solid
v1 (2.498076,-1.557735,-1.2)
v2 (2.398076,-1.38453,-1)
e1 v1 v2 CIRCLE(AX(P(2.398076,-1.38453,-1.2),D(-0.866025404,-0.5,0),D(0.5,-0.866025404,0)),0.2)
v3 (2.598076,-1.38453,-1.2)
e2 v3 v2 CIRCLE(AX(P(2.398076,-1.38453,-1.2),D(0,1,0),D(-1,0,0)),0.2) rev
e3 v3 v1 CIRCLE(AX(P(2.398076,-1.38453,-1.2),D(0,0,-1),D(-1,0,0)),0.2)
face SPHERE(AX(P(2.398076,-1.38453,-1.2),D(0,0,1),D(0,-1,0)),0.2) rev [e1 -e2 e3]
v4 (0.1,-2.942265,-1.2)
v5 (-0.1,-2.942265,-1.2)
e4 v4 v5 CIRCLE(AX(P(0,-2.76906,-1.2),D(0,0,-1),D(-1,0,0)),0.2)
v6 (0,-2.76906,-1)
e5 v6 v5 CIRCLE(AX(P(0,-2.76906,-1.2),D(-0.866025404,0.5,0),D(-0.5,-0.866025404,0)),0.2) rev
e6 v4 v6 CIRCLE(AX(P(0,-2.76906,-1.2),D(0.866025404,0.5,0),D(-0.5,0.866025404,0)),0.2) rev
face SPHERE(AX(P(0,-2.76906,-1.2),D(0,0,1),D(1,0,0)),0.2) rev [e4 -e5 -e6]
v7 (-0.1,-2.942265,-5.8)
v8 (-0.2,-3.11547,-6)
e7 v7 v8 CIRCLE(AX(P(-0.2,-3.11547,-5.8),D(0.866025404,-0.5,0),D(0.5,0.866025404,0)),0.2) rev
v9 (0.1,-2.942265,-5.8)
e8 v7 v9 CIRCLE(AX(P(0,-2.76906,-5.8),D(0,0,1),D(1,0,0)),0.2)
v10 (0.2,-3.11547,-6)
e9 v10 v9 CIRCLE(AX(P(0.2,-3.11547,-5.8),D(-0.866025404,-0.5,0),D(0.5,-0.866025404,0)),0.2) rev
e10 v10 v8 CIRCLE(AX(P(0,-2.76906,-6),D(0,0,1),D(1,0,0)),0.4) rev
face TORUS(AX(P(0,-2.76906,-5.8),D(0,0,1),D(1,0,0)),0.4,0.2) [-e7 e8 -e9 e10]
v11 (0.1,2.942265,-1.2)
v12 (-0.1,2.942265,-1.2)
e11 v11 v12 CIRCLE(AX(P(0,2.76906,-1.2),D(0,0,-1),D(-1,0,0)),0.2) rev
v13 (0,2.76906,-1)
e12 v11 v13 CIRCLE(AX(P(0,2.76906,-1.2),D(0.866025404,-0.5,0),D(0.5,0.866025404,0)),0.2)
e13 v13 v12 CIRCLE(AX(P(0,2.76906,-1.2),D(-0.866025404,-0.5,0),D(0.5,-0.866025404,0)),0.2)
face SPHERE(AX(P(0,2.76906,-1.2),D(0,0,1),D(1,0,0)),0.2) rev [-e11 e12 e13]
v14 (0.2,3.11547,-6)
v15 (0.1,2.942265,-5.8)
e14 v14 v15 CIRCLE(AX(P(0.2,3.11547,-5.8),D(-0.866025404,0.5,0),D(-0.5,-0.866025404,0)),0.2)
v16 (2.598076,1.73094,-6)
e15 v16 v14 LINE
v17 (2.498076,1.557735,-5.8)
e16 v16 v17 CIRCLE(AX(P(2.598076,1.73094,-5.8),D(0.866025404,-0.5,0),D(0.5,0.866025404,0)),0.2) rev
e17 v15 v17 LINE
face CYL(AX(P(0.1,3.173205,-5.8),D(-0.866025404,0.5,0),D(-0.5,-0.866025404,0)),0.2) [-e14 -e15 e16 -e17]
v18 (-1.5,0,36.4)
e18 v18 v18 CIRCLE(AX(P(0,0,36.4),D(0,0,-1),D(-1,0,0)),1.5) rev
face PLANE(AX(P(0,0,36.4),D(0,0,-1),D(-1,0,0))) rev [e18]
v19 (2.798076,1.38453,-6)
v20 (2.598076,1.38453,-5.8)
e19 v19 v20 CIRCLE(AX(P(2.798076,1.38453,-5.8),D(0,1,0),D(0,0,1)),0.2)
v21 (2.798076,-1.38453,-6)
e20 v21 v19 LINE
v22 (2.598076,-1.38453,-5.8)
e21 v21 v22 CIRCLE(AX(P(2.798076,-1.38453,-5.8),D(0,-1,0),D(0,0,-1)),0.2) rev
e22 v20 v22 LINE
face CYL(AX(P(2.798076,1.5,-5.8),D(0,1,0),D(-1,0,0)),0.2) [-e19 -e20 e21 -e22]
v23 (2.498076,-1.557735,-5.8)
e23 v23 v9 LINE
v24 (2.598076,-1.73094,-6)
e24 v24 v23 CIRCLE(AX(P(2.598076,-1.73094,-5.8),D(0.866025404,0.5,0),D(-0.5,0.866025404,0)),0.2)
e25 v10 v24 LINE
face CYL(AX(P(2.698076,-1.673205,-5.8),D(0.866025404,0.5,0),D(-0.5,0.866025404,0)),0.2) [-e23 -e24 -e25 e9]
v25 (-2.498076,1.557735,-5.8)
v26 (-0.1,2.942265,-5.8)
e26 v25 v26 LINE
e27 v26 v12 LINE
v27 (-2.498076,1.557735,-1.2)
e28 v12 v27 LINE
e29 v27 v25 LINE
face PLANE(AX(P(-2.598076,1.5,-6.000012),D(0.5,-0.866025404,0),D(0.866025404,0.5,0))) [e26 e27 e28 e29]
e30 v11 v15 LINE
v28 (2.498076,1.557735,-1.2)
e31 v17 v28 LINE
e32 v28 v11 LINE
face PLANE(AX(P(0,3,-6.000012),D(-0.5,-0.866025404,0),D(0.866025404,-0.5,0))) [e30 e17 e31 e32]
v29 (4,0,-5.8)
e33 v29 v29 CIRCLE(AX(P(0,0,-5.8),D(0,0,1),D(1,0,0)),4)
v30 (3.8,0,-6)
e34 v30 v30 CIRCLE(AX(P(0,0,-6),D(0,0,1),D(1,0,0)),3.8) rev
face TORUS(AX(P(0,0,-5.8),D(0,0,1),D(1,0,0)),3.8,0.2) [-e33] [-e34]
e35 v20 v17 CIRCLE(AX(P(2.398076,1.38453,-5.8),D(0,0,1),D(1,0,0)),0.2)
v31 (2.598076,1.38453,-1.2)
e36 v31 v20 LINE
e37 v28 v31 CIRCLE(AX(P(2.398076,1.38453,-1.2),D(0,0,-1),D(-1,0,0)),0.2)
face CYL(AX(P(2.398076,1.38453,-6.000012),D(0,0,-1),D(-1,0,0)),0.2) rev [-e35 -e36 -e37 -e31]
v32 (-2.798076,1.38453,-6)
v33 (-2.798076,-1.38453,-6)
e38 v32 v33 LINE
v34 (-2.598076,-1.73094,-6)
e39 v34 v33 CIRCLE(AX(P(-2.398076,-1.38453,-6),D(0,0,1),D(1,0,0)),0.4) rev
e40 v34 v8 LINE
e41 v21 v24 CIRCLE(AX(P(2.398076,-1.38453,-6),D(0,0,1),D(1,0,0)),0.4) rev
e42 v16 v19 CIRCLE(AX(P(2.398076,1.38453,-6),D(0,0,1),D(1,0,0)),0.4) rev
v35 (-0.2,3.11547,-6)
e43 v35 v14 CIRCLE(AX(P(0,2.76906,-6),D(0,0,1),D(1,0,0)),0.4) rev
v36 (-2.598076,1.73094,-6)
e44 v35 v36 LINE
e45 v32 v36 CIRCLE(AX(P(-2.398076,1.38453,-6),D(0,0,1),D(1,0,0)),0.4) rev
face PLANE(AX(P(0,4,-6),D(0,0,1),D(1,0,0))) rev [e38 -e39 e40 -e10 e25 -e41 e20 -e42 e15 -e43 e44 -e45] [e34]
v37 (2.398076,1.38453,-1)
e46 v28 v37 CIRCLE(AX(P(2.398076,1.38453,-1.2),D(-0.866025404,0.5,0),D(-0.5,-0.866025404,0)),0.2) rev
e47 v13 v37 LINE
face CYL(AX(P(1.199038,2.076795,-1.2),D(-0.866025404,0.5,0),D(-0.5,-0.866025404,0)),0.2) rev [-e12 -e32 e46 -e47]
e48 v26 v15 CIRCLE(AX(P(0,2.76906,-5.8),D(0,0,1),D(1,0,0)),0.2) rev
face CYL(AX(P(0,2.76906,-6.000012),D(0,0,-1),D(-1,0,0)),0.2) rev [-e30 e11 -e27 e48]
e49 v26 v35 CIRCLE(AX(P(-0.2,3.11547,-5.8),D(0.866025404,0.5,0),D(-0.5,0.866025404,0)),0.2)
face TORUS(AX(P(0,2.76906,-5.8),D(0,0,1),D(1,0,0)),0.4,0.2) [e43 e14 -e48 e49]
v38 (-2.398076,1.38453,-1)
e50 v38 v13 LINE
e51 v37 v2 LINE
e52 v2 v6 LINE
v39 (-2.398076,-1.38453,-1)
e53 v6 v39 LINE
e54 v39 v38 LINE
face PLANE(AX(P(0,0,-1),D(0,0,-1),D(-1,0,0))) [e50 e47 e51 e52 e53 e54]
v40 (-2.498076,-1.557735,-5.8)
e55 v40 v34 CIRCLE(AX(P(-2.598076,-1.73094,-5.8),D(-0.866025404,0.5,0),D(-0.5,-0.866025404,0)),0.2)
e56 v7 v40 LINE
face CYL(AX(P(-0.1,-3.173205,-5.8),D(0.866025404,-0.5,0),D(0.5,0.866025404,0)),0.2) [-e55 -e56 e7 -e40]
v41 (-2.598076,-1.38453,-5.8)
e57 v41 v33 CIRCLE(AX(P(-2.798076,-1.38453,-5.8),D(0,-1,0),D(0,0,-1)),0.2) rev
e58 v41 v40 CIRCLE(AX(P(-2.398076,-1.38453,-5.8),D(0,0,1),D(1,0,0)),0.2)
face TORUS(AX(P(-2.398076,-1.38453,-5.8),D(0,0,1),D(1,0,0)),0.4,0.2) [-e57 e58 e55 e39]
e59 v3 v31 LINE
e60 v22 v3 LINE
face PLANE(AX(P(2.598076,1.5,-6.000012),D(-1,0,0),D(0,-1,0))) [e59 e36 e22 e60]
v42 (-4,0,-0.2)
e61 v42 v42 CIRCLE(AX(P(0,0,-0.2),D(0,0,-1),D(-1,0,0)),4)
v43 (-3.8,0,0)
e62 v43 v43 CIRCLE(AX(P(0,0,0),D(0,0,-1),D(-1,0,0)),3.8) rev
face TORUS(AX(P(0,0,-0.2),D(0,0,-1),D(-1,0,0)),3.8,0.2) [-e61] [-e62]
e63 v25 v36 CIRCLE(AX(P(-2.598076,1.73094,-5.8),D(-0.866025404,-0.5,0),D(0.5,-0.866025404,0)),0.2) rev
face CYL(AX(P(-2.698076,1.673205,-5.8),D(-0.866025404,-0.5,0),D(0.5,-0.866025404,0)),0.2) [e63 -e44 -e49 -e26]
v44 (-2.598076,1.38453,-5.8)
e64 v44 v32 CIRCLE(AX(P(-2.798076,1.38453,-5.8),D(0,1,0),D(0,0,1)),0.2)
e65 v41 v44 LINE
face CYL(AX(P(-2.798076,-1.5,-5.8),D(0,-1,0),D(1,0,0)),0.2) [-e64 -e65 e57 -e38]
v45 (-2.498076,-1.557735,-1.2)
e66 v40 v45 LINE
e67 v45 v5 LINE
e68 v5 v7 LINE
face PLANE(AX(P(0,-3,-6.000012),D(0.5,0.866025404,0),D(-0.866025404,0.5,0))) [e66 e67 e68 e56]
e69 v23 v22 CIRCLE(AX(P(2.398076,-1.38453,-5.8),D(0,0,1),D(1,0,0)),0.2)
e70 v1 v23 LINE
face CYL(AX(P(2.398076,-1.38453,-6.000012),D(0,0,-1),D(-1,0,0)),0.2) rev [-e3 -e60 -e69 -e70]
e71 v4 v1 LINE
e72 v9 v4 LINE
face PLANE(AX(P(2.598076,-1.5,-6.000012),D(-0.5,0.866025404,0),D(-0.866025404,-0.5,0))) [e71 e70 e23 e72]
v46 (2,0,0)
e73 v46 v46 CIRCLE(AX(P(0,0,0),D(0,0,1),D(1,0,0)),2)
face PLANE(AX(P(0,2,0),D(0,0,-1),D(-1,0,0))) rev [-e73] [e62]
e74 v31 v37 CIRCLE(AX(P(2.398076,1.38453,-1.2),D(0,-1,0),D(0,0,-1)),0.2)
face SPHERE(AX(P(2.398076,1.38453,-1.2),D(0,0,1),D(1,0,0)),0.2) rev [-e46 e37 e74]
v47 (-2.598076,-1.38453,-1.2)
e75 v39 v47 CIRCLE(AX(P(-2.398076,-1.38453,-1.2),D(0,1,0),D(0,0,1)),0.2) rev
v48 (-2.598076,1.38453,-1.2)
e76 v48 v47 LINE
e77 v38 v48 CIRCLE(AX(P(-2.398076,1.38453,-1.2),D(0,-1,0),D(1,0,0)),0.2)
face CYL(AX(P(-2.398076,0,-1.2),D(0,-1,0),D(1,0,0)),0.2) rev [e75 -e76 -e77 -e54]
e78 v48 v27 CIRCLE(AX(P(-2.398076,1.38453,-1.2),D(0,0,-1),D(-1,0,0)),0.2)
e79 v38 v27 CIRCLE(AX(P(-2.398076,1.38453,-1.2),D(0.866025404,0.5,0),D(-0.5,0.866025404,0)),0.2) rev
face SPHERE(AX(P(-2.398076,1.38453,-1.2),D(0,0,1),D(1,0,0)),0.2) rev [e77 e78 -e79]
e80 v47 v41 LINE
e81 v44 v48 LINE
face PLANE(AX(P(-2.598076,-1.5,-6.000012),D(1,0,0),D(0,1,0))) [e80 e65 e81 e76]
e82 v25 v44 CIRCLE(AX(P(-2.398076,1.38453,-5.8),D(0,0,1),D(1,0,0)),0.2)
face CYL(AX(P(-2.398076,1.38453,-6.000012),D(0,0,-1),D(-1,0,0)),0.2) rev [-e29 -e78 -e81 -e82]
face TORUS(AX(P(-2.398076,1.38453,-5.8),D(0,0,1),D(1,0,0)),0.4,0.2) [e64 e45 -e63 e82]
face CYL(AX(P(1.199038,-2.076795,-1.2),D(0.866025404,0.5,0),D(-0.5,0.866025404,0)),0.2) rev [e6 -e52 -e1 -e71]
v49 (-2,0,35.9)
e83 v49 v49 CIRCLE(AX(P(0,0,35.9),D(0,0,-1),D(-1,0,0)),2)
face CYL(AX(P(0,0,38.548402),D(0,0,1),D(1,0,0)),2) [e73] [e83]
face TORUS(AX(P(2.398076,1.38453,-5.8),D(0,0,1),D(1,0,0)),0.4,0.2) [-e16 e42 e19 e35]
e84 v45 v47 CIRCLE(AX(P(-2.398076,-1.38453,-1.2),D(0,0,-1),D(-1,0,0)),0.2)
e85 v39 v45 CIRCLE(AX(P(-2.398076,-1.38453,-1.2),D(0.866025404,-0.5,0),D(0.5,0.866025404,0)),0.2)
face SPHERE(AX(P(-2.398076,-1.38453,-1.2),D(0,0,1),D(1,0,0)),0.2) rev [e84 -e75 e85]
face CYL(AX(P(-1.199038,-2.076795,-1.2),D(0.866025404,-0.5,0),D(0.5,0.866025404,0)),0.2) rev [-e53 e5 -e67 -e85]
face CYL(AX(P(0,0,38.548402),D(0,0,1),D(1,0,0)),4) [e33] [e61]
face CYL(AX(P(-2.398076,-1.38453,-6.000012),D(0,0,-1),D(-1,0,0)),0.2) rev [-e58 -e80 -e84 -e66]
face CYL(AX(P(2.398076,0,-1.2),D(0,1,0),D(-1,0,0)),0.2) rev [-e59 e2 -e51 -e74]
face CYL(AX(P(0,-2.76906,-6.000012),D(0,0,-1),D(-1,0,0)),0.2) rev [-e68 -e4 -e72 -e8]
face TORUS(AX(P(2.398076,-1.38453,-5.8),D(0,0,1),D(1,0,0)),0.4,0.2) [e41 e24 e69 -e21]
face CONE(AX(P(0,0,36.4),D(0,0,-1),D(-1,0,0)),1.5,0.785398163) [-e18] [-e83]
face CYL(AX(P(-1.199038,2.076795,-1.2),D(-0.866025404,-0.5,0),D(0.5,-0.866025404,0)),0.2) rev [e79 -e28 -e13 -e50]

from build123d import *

# Parameters (mm, degrees)
CHAMFER1_SIZE           = 0.5
FILLET1_R               = 0.2
CUT_EXTRUDE1_DEPTH      = 43.775694052
CUT_EXTRUDE1_DEPTH_BACK = 5
FILLET2_R               = 0.2


with BuildPart() as part:
    # Sketch1 → Revolve1 (revolve)
    with BuildSketch(Plane.YZ, mode=Mode.PRIVATE) as revolve1_sk:
        Polygon((0, 36.4), (2, 36.4), (2, 0), (4, 0), (4, -6), (0, -6), align=None)
    revolve(revolve1_sk.sketch.rotate(Axis((0, 0, 38.548402149), (0, 0, -1)), 90), axis=Axis((0, 0, 38.548402149), (0, 0, -1)))

    # Chamfer1
    chamfer1_edges = [part.edges().sort_by_distance(p)[0] for p in [
        (-2, 0, 36.4),
    ]]
    chamfer(chamfer1_edges, length=CHAMFER1_SIZE)

    # Fillet1
    fillet1_edges = [part.edges().sort_by_distance(p)[0] for p in [
        (-4, 0, -6),
        (-4, 0, 0),
    ]]
    fillet(fillet1_edges, radius=FILLET1_R)

    # Sketch2 → Cut-Extrude1 (cut, two sides: drawn at the far end of the back side and taken through both)
    with BuildSketch(Plane(origin=(0, 0, -6), x_dir=(1, 0, 0), z_dir=(0, 0, -1)).offset(-CUT_EXTRUDE1_DEPTH_BACK)):
        Polygon((0, -3), (2.598076211, -1.5), (2.598076211, 1.5), (0, 3), (-2.598076211, 1.5), (-2.598076211, -1.5), align=None)
    extrude(amount=CUT_EXTRUDE1_DEPTH + CUT_EXTRUDE1_DEPTH_BACK, mode=Mode.SUBTRACT)

    # Fillet2
    fillet2_edges = [part.edges().sort_by_distance(p)[0] for p in [
        (-2.598076211, 1.5, -3.5),
        (-1.299038106, 2.25, -1),
        (0, 3, -3.5),
        (1.299038106, 2.25, -1),
        (2.598076211, 1.5, -3.5),
        (2.598076211, 0, -1),
        (2.598076211, -1.5, -3.5),
        (1.299038106, -2.25, -1),
        (0, -3, -3.5),
        (-1.299038106, -2.25, -1),
        (-2.598076211, -1.5, -3.5),
        (-2.598076211, 0, -1),
        (-1.299038106, 2.25, -6),
        (1.299038106, 2.25, -6),
        (2.598076211, 0, -6),
        (1.299038106, -2.25, -6),
        (-1.299038106, -2.25, -6),
        (-2.598076211, 0, -6),
    ]]
    fillet(fillet2_edges, radius=FILLET2_R)


solid = part.part
